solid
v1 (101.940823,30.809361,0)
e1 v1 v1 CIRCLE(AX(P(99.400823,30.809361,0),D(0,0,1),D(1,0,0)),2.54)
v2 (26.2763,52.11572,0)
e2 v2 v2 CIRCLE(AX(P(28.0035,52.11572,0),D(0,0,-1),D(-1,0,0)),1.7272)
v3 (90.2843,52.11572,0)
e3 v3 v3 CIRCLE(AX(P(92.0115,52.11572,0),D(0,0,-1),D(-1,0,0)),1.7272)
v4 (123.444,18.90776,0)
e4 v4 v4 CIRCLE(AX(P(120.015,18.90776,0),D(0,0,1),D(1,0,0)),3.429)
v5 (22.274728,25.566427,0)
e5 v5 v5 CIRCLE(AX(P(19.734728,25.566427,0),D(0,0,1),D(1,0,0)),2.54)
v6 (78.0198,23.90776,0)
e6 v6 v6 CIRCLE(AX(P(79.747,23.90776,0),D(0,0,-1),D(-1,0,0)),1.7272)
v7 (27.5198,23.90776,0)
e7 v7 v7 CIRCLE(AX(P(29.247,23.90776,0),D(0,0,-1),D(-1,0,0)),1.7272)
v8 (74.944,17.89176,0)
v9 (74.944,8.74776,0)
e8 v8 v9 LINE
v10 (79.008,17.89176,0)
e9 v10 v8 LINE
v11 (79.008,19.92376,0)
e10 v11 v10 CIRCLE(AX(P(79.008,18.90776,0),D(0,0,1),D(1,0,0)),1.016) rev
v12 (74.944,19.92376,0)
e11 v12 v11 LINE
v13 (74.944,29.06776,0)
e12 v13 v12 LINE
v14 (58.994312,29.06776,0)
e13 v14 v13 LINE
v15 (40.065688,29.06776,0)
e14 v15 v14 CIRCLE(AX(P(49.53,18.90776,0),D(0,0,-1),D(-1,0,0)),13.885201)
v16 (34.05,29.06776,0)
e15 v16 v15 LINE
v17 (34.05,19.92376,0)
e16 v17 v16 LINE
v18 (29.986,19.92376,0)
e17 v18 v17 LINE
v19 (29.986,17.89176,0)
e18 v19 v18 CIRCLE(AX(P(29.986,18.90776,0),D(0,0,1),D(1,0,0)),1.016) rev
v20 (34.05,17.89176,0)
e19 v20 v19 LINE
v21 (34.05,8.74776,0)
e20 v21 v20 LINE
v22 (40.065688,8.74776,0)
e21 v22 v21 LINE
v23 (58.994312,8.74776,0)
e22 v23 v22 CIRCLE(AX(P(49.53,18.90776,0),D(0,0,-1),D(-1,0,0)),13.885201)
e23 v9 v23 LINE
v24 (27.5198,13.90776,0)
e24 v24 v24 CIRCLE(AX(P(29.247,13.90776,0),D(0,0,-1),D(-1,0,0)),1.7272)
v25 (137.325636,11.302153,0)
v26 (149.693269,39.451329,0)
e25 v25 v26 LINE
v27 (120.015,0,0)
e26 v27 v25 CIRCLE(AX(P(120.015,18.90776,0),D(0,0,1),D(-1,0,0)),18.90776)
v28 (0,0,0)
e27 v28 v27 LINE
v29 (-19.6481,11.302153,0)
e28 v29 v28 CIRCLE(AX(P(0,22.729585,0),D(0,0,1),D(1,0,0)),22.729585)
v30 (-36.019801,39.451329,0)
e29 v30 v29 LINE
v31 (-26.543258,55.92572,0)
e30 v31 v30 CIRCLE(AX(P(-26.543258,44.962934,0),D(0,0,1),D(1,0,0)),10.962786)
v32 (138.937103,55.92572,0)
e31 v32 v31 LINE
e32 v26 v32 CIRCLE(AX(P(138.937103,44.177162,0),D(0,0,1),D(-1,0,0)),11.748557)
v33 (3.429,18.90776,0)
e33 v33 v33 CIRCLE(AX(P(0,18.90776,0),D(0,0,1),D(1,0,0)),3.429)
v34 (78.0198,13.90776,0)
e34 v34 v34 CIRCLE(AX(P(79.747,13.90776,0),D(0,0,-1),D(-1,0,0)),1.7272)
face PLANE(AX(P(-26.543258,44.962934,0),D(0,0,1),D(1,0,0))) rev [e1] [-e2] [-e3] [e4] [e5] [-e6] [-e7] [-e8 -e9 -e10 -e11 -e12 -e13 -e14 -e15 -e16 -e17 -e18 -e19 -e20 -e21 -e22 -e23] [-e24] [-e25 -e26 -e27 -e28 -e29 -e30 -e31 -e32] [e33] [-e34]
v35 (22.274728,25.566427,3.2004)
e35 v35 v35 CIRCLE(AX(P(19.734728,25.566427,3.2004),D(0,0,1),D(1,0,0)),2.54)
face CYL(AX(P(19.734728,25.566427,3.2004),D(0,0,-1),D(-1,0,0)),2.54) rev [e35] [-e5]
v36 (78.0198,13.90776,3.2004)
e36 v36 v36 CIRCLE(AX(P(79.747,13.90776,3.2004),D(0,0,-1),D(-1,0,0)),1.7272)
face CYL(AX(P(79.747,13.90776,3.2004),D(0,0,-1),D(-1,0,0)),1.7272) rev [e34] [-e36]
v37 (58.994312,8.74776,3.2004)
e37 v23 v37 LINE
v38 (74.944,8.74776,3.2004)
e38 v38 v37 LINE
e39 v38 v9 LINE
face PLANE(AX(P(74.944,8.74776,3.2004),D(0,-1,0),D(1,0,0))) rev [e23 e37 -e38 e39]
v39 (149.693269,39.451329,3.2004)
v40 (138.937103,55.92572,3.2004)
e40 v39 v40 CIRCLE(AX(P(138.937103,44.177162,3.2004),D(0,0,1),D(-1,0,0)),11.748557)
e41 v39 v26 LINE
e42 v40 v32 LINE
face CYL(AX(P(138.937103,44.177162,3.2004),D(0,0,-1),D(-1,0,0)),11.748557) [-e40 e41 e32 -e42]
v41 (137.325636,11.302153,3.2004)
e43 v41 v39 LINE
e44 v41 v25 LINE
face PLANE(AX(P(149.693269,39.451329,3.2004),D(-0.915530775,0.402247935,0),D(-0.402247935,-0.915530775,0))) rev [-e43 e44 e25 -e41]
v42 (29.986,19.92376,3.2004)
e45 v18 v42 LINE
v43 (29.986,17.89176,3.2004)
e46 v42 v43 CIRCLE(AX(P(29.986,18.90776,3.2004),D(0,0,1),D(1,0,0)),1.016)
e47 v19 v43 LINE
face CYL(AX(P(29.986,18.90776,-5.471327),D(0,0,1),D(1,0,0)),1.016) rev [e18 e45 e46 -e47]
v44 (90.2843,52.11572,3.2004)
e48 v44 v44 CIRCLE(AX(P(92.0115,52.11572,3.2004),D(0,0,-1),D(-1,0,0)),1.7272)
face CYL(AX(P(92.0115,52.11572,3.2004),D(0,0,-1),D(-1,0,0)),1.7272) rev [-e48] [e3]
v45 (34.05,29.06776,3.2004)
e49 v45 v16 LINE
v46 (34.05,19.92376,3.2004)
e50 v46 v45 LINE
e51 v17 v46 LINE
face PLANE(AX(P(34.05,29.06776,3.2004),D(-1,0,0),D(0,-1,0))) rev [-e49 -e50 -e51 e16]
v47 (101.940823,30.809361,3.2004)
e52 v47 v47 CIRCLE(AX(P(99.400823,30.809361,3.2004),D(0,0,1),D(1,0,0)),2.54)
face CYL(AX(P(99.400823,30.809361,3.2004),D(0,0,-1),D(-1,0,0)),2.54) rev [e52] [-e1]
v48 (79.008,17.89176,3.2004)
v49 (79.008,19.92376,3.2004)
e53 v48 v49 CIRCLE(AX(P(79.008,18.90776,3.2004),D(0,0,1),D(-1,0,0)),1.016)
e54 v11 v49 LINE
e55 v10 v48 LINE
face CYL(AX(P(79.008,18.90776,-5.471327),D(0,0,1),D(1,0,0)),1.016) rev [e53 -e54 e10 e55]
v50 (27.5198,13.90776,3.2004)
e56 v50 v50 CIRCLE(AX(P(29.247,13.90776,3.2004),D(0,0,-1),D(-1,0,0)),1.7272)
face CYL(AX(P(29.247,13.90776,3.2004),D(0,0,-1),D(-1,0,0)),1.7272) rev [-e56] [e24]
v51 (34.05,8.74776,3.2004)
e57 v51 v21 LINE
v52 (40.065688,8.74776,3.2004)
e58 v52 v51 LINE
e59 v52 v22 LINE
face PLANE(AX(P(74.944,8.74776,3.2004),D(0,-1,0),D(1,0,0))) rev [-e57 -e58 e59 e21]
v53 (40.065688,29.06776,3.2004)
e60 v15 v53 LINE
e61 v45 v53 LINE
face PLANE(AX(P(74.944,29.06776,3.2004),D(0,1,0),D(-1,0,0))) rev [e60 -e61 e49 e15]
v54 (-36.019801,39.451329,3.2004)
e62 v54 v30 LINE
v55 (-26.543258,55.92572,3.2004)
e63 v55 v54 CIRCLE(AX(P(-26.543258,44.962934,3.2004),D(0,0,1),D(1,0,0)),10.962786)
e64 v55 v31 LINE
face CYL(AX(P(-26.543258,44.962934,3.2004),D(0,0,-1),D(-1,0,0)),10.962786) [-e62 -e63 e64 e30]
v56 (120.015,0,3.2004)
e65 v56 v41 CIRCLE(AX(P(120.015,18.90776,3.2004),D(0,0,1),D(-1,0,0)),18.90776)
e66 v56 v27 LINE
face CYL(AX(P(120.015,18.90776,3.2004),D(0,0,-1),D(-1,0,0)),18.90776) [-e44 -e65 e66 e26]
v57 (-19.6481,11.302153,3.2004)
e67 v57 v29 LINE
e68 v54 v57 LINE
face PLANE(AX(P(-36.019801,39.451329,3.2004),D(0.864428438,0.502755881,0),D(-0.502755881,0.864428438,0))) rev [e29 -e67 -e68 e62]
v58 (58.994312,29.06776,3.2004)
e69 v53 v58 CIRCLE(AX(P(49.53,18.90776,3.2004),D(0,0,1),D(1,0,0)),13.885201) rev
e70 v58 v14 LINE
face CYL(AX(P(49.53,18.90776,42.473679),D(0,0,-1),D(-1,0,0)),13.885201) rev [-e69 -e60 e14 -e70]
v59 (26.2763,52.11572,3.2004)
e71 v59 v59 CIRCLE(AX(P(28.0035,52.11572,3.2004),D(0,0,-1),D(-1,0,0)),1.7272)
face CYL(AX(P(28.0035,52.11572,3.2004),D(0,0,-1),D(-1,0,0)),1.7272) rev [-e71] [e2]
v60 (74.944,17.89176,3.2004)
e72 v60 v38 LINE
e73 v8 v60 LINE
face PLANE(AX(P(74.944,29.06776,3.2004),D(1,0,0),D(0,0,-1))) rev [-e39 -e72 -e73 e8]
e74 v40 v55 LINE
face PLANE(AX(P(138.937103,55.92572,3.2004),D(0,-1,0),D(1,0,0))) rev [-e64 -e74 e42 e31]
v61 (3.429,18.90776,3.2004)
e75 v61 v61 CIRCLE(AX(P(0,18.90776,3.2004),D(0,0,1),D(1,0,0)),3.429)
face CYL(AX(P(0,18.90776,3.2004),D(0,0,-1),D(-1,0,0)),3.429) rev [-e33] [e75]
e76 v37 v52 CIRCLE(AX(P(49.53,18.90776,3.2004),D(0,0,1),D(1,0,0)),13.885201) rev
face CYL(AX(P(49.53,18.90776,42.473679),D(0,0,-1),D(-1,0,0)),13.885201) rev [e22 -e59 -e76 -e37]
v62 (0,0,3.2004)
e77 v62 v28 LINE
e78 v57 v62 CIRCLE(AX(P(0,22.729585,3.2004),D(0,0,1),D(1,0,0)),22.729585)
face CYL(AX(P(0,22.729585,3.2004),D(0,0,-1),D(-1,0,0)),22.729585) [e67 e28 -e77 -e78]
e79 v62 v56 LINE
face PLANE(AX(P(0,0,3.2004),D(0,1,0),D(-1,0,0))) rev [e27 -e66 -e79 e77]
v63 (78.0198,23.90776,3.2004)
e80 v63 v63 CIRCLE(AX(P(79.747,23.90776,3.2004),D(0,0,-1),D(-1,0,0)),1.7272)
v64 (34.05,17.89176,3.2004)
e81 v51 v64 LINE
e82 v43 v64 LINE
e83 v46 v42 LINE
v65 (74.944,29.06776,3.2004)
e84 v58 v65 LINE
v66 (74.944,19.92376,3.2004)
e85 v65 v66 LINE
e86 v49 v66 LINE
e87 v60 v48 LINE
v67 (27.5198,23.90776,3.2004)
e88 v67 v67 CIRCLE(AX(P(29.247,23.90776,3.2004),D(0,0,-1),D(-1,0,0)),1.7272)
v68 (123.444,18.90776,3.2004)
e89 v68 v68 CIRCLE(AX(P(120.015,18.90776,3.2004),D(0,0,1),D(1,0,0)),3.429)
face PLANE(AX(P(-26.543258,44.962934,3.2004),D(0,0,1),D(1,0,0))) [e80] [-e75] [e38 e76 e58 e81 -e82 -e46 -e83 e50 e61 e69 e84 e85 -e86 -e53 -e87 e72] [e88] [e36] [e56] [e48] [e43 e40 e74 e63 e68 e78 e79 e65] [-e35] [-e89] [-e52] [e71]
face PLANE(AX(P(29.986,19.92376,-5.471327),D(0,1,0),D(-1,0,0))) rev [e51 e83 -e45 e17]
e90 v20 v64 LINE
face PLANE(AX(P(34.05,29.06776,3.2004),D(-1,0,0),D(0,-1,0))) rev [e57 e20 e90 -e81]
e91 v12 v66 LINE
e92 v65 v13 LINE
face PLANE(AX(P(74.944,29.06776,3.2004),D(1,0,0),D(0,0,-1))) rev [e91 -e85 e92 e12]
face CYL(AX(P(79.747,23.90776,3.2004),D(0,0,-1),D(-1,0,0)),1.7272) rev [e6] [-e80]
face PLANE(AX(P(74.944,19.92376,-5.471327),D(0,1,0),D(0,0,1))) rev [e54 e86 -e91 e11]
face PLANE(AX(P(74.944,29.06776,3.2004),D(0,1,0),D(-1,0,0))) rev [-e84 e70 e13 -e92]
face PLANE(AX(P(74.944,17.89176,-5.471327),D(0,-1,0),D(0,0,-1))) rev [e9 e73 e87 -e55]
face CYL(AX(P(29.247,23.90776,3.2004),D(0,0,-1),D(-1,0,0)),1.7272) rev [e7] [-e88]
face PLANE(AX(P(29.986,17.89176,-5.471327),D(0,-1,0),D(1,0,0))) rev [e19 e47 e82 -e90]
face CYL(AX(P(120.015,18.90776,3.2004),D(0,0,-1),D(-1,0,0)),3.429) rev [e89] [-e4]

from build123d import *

# Parameters (mm, degrees)
SKETCH1_R           = 3.429
SKETCH1_R_2         = 2.54
BOSS_EXTRUDE1_DEPTH = 3.2004
SKETCH2_R           = 1.7272
CUT_EXTRUDE1_DEPTH  = 3.2004
SKETCH5_R           = 1.7272
SKETCH5_W           = 40.894
SKETCH5_H           = 20.32
CUT_EXTRUDE3_DEPTH  = 4.2004
CUT_EXTRUDE4_DEPTH  = 3.2004
SKETCH9_R           = 13.885201093
CUT_EXTRUDE7_DEPTH  = 3.2004


with BuildPart() as part:
    # Sketch1 → Boss-Extrude1 (new body)
    with BuildSketch(Plane.XY):
        with BuildLine():
            Line((0, 0), (120.015, 0))
            ThreePointArc((120.015, 0), (130.351788397, 3.075697789), (137.325636158, 11.302152593))
            Line((137.325636158, 11.302152593), (149.69326877, 39.451329485))
            ThreePointArc((149.69326877, 39.451329485), (148.774539583, 50.600046625), (138.937102863, 55.925719911))
            Line((138.937102863, 55.925719911), (-26.54325766, 55.925719911))
            ThreePointArc((-26.54325766, 55.925719911), (-36.046025914, 50.429200208), (-36.019801229, 39.451329485))
            Line((-36.019801229, 39.451329485), (-19.648099871, 11.302152593))
            ThreePointArc((-19.648099871, 11.302152593), (-11.333429333, 3.027112684), (0, 0))
        make_face()
        with Locations((120.015, 18.90776)):
            Circle(SKETCH1_R, mode=Mode.SUBTRACT)
        with Locations((0, 18.90776)):
            Circle(SKETCH1_R, mode=Mode.SUBTRACT)
        with Locations((19.734727626, 25.566426992)):
            Circle(SKETCH1_R_2, mode=Mode.SUBTRACT)
        with Locations((99.400822531, 30.809360911)):
            Circle(SKETCH1_R_2, mode=Mode.SUBTRACT)
    extrude(amount=BOSS_EXTRUDE1_DEPTH)

    # Sketch2 → Cut-Extrude1 (cut)
    with BuildSketch(Plane(origin=(0, 0, 0), x_dir=(-1, 0, 0), z_dir=(0, 0, -1))):
        with Locations((-92.0115, 52.115719911)):
            Circle(SKETCH2_R)
        with Locations((-28.0035, 52.115719911)):
            Circle(SKETCH2_R)
    extrude(amount=-CUT_EXTRUDE1_DEPTH, mode=Mode.SUBTRACT)

    # Sketch5 → Cut-Extrude3 (cut, through all)
    with BuildSketch(Plane(origin=(0, 0, 0), x_dir=(-1, 0, 0), z_dir=(0, 0, -1))):
        with Locations((-79.746999972, 23.90776)):
            Circle(SKETCH5_R)
        with Locations((-29.246999972, 13.90776)):
            Circle(SKETCH5_R)
        with Locations((-29.246999972, 23.90776)):
            Circle(SKETCH5_R)
        with Locations((-79.746999972, 13.90776)):
            Circle(SKETCH5_R)
        with Locations((-54.496999972, 18.90776)):
            Rectangle(SKETCH5_W, SKETCH5_H)
    extrude(amount=-CUT_EXTRUDE3_DEPTH, mode=Mode.SUBTRACT)

    # Sketch6 → Cut-Extrude4 (cut)
    with BuildSketch(Plane.XY.offset(3.2004)):
        with BuildLine():
            Line((29.985999972, 19.92376), (34.049999972, 19.92376))
            Line((34.049999972, 19.92376), (34.049999972, 17.89176))
            Line((34.049999972, 17.89176), (29.985999972, 17.89176))
            ThreePointArc((29.985999972, 17.89176), (28.969999972, 18.90776), (29.985999972, 19.92376))
        make_face()
        with BuildLine():
            Line((74.943999972, 19.92376), (79.007999972, 19.92376))
            ThreePointArc((79.007999972, 19.92376), (80.023999972, 18.90776), (79.007999972, 17.89176))
            Line((79.007999972, 17.89176), (74.943999972, 17.89176))
            Line((74.943999972, 17.89176), (74.943999972, 19.92376))
        make_face()
    extrude(amount=-CUT_EXTRUDE4_DEPTH, mode=Mode.SUBTRACT)

    # Sketch9 → Cut-Extrude7 (cut)
    with BuildSketch(Plane(origin=(0, 0, 0), x_dir=(-1, 0, 0), z_dir=(0, 0, -1))):
        with Locations((-49.53, 18.90776)):
            Circle(SKETCH9_R)
    extrude(amount=-CUT_EXTRUDE7_DEPTH, mode=Mode.SUBTRACT)


solid = part.part
